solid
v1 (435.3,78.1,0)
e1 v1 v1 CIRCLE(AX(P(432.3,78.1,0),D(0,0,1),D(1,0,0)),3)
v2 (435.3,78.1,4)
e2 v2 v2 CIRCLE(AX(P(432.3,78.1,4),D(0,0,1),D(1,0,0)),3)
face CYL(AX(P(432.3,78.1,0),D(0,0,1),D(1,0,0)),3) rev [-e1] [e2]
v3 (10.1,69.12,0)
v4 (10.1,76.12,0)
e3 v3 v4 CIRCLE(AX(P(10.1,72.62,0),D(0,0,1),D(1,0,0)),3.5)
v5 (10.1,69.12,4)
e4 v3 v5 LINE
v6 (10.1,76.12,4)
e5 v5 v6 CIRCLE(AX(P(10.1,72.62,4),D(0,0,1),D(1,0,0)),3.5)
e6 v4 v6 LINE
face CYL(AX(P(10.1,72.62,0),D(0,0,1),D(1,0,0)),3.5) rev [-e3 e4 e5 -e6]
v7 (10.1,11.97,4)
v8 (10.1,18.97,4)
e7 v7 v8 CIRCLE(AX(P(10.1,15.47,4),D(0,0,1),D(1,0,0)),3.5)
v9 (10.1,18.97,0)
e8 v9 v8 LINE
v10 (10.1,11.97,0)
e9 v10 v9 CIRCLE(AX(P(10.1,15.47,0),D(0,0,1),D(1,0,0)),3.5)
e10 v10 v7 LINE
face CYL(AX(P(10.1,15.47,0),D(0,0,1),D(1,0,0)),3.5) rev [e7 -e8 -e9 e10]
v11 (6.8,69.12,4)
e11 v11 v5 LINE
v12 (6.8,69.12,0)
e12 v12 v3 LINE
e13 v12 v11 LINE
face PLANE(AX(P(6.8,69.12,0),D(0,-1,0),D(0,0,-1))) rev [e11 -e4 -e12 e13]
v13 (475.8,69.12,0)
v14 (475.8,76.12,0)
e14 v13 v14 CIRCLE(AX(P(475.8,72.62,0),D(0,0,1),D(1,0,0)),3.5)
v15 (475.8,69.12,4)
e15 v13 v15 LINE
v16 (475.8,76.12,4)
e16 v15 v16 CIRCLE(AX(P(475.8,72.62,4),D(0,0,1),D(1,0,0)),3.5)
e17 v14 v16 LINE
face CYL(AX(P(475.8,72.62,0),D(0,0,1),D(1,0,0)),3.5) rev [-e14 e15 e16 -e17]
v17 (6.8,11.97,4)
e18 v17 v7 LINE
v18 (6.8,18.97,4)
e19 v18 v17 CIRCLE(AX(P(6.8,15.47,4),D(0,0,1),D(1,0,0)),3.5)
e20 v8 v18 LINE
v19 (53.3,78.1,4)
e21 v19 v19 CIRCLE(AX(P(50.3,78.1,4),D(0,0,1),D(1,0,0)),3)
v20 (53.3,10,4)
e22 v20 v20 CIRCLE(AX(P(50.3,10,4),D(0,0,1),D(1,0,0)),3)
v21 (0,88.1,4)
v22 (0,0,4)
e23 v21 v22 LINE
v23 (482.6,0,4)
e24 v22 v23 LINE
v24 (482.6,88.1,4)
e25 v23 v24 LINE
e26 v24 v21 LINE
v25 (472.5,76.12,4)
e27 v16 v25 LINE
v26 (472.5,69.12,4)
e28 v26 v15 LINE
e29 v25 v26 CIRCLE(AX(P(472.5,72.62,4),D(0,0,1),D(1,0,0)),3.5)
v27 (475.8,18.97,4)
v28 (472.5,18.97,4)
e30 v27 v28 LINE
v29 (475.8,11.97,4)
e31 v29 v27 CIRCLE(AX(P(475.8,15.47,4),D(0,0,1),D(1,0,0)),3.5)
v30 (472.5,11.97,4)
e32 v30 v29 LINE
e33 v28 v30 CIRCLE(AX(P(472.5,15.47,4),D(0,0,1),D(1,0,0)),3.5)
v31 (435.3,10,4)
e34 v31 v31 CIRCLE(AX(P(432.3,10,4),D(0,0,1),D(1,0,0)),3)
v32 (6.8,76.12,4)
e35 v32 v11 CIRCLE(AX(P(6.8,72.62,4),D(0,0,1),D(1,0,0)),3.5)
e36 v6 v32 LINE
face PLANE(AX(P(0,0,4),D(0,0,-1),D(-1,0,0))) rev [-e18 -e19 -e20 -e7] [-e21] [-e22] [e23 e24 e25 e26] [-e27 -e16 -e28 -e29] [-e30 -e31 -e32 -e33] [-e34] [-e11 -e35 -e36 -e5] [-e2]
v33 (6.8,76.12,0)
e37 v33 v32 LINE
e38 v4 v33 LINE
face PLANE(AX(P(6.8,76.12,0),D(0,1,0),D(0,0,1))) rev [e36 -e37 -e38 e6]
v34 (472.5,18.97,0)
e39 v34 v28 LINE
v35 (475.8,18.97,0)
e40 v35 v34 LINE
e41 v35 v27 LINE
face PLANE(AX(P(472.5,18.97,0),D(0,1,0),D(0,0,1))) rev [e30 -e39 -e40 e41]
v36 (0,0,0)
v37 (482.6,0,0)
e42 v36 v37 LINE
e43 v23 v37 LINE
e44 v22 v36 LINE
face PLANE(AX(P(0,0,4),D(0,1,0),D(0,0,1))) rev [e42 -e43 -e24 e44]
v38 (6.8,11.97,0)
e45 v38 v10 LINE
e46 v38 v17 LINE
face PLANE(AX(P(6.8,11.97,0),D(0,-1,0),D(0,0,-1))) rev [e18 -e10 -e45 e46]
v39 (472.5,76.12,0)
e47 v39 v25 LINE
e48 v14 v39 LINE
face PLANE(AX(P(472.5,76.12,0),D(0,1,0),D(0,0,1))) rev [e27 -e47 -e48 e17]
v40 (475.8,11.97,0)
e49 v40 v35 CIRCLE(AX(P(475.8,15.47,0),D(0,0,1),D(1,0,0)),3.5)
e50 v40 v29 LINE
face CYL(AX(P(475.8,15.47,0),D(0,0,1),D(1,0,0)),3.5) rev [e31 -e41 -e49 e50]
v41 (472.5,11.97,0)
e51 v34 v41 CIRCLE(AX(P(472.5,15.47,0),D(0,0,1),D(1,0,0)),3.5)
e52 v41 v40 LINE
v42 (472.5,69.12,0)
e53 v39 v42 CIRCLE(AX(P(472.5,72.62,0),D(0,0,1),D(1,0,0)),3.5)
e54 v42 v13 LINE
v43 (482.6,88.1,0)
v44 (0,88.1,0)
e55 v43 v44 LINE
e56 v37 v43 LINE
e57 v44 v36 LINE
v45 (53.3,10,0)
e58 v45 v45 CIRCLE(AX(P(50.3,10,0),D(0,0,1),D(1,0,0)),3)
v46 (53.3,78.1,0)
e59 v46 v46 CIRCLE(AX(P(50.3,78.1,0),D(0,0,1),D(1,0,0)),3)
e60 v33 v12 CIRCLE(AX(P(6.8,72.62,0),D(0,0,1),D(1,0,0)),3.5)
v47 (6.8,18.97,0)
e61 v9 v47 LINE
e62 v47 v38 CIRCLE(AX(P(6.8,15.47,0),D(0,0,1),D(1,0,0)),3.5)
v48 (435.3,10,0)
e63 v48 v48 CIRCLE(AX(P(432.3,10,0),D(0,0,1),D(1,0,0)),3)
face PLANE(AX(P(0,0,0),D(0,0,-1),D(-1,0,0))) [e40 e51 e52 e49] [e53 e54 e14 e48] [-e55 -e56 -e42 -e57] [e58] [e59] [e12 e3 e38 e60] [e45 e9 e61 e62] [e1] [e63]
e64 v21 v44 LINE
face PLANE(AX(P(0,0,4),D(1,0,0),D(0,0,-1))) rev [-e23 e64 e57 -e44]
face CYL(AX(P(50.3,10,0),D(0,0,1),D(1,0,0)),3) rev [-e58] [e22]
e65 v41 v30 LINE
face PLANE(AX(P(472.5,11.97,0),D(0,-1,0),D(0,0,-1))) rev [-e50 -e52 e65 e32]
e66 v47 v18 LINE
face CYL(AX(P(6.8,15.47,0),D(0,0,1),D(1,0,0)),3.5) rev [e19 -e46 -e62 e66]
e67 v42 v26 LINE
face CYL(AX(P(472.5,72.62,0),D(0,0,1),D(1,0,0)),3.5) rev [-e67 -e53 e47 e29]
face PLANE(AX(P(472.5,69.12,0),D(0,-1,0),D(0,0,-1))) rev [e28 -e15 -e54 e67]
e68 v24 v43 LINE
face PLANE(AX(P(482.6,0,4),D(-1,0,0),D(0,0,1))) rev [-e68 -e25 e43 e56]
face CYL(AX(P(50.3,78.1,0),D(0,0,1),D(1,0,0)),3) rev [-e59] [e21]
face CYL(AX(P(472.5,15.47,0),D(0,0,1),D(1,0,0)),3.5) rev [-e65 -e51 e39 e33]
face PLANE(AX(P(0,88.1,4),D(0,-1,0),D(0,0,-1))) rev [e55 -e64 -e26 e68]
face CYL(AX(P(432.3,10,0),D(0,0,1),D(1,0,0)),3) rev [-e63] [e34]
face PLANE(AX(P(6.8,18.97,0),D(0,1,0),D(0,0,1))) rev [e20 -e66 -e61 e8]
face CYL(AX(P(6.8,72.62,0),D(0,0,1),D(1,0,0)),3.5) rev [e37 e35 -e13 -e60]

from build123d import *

# Parameters (mm, degrees)
SKETCH_1_W          = 482.6
SKETCH_1_H          = 88.1
EXTRUDE_1_DEPTH     = 4
CUT_EXTRUDE_1_DEPTH = 491.591856842
SKETCH_3_R          = 3
CUT_EXTRUDE_2_DEPTH = 491.591856842


with BuildPart() as part:
    # Эскиз1 → Бобышка-Вытянуть1 (new body)
    with BuildSketch(Plane.XY):
        with Locations((241.3, 44.05)):
            Rectangle(SKETCH_1_W, SKETCH_1_H)
    extrude(amount=EXTRUDE_1_DEPTH)

    # Эскиз2 → Вырез-Вытянуть1 (cut, through all)
    with BuildSketch(Plane.XY.offset(4)):
        with BuildLine():
            Line((6.8, 76.12), (10.1, 76.12))
            ThreePointArc((10.1, 76.12), (13.6, 72.62), (10.1, 69.12))
            Line((10.1, 69.12), (6.8, 69.12))
            ThreePointArc((6.8, 69.12), (3.3, 72.62), (6.8, 76.12))
        make_face()
        with BuildLine():
            Line((472.5, 76.12), (475.8, 76.12))
            ThreePointArc((475.8, 76.12), (479.3, 72.62), (475.8, 69.12))
            Line((475.8, 69.12), (472.5, 69.12))
            ThreePointArc((472.5, 69.12), (469, 72.62), (472.5, 76.12))
        make_face()
        with BuildLine():
            Line((472.5, 18.97), (475.8, 18.97))
            ThreePointArc((475.8, 18.97), (479.3, 15.47), (475.8, 11.97))
            Line((475.8, 11.97), (472.5, 11.97))
            ThreePointArc((472.5, 11.97), (469, 15.47), (472.5, 18.97))
        make_face()
        with BuildLine():
            Line((6.8, 18.97), (10.1, 18.97))
            ThreePointArc((10.1, 18.97), (13.6, 15.47), (10.1, 11.97))
            Line((10.1, 11.97), (6.8, 11.97))
            ThreePointArc((6.8, 11.97), (3.3, 15.47), (6.8, 18.97))
        make_face()
    extrude(amount=-CUT_EXTRUDE_1_DEPTH, mode=Mode.SUBTRACT)

    # Эскиз3 → Вырез-Вытянуть2 (cut, through all)
    with BuildSketch(Plane.XY.offset(4)):
        with Locations((50.3, 78.1)):
            Circle(SKETCH_3_R)
        with Locations((432.3, 78.1)):
            Circle(SKETCH_3_R)
        with Locations((432.3, 10)):
            Circle(SKETCH_3_R)
        with Locations((50.3, 10)):
            Circle(SKETCH_3_R)
    extrude(amount=-CUT_EXTRUDE_2_DEPTH, mode=Mode.SUBTRACT)


solid = part.part
